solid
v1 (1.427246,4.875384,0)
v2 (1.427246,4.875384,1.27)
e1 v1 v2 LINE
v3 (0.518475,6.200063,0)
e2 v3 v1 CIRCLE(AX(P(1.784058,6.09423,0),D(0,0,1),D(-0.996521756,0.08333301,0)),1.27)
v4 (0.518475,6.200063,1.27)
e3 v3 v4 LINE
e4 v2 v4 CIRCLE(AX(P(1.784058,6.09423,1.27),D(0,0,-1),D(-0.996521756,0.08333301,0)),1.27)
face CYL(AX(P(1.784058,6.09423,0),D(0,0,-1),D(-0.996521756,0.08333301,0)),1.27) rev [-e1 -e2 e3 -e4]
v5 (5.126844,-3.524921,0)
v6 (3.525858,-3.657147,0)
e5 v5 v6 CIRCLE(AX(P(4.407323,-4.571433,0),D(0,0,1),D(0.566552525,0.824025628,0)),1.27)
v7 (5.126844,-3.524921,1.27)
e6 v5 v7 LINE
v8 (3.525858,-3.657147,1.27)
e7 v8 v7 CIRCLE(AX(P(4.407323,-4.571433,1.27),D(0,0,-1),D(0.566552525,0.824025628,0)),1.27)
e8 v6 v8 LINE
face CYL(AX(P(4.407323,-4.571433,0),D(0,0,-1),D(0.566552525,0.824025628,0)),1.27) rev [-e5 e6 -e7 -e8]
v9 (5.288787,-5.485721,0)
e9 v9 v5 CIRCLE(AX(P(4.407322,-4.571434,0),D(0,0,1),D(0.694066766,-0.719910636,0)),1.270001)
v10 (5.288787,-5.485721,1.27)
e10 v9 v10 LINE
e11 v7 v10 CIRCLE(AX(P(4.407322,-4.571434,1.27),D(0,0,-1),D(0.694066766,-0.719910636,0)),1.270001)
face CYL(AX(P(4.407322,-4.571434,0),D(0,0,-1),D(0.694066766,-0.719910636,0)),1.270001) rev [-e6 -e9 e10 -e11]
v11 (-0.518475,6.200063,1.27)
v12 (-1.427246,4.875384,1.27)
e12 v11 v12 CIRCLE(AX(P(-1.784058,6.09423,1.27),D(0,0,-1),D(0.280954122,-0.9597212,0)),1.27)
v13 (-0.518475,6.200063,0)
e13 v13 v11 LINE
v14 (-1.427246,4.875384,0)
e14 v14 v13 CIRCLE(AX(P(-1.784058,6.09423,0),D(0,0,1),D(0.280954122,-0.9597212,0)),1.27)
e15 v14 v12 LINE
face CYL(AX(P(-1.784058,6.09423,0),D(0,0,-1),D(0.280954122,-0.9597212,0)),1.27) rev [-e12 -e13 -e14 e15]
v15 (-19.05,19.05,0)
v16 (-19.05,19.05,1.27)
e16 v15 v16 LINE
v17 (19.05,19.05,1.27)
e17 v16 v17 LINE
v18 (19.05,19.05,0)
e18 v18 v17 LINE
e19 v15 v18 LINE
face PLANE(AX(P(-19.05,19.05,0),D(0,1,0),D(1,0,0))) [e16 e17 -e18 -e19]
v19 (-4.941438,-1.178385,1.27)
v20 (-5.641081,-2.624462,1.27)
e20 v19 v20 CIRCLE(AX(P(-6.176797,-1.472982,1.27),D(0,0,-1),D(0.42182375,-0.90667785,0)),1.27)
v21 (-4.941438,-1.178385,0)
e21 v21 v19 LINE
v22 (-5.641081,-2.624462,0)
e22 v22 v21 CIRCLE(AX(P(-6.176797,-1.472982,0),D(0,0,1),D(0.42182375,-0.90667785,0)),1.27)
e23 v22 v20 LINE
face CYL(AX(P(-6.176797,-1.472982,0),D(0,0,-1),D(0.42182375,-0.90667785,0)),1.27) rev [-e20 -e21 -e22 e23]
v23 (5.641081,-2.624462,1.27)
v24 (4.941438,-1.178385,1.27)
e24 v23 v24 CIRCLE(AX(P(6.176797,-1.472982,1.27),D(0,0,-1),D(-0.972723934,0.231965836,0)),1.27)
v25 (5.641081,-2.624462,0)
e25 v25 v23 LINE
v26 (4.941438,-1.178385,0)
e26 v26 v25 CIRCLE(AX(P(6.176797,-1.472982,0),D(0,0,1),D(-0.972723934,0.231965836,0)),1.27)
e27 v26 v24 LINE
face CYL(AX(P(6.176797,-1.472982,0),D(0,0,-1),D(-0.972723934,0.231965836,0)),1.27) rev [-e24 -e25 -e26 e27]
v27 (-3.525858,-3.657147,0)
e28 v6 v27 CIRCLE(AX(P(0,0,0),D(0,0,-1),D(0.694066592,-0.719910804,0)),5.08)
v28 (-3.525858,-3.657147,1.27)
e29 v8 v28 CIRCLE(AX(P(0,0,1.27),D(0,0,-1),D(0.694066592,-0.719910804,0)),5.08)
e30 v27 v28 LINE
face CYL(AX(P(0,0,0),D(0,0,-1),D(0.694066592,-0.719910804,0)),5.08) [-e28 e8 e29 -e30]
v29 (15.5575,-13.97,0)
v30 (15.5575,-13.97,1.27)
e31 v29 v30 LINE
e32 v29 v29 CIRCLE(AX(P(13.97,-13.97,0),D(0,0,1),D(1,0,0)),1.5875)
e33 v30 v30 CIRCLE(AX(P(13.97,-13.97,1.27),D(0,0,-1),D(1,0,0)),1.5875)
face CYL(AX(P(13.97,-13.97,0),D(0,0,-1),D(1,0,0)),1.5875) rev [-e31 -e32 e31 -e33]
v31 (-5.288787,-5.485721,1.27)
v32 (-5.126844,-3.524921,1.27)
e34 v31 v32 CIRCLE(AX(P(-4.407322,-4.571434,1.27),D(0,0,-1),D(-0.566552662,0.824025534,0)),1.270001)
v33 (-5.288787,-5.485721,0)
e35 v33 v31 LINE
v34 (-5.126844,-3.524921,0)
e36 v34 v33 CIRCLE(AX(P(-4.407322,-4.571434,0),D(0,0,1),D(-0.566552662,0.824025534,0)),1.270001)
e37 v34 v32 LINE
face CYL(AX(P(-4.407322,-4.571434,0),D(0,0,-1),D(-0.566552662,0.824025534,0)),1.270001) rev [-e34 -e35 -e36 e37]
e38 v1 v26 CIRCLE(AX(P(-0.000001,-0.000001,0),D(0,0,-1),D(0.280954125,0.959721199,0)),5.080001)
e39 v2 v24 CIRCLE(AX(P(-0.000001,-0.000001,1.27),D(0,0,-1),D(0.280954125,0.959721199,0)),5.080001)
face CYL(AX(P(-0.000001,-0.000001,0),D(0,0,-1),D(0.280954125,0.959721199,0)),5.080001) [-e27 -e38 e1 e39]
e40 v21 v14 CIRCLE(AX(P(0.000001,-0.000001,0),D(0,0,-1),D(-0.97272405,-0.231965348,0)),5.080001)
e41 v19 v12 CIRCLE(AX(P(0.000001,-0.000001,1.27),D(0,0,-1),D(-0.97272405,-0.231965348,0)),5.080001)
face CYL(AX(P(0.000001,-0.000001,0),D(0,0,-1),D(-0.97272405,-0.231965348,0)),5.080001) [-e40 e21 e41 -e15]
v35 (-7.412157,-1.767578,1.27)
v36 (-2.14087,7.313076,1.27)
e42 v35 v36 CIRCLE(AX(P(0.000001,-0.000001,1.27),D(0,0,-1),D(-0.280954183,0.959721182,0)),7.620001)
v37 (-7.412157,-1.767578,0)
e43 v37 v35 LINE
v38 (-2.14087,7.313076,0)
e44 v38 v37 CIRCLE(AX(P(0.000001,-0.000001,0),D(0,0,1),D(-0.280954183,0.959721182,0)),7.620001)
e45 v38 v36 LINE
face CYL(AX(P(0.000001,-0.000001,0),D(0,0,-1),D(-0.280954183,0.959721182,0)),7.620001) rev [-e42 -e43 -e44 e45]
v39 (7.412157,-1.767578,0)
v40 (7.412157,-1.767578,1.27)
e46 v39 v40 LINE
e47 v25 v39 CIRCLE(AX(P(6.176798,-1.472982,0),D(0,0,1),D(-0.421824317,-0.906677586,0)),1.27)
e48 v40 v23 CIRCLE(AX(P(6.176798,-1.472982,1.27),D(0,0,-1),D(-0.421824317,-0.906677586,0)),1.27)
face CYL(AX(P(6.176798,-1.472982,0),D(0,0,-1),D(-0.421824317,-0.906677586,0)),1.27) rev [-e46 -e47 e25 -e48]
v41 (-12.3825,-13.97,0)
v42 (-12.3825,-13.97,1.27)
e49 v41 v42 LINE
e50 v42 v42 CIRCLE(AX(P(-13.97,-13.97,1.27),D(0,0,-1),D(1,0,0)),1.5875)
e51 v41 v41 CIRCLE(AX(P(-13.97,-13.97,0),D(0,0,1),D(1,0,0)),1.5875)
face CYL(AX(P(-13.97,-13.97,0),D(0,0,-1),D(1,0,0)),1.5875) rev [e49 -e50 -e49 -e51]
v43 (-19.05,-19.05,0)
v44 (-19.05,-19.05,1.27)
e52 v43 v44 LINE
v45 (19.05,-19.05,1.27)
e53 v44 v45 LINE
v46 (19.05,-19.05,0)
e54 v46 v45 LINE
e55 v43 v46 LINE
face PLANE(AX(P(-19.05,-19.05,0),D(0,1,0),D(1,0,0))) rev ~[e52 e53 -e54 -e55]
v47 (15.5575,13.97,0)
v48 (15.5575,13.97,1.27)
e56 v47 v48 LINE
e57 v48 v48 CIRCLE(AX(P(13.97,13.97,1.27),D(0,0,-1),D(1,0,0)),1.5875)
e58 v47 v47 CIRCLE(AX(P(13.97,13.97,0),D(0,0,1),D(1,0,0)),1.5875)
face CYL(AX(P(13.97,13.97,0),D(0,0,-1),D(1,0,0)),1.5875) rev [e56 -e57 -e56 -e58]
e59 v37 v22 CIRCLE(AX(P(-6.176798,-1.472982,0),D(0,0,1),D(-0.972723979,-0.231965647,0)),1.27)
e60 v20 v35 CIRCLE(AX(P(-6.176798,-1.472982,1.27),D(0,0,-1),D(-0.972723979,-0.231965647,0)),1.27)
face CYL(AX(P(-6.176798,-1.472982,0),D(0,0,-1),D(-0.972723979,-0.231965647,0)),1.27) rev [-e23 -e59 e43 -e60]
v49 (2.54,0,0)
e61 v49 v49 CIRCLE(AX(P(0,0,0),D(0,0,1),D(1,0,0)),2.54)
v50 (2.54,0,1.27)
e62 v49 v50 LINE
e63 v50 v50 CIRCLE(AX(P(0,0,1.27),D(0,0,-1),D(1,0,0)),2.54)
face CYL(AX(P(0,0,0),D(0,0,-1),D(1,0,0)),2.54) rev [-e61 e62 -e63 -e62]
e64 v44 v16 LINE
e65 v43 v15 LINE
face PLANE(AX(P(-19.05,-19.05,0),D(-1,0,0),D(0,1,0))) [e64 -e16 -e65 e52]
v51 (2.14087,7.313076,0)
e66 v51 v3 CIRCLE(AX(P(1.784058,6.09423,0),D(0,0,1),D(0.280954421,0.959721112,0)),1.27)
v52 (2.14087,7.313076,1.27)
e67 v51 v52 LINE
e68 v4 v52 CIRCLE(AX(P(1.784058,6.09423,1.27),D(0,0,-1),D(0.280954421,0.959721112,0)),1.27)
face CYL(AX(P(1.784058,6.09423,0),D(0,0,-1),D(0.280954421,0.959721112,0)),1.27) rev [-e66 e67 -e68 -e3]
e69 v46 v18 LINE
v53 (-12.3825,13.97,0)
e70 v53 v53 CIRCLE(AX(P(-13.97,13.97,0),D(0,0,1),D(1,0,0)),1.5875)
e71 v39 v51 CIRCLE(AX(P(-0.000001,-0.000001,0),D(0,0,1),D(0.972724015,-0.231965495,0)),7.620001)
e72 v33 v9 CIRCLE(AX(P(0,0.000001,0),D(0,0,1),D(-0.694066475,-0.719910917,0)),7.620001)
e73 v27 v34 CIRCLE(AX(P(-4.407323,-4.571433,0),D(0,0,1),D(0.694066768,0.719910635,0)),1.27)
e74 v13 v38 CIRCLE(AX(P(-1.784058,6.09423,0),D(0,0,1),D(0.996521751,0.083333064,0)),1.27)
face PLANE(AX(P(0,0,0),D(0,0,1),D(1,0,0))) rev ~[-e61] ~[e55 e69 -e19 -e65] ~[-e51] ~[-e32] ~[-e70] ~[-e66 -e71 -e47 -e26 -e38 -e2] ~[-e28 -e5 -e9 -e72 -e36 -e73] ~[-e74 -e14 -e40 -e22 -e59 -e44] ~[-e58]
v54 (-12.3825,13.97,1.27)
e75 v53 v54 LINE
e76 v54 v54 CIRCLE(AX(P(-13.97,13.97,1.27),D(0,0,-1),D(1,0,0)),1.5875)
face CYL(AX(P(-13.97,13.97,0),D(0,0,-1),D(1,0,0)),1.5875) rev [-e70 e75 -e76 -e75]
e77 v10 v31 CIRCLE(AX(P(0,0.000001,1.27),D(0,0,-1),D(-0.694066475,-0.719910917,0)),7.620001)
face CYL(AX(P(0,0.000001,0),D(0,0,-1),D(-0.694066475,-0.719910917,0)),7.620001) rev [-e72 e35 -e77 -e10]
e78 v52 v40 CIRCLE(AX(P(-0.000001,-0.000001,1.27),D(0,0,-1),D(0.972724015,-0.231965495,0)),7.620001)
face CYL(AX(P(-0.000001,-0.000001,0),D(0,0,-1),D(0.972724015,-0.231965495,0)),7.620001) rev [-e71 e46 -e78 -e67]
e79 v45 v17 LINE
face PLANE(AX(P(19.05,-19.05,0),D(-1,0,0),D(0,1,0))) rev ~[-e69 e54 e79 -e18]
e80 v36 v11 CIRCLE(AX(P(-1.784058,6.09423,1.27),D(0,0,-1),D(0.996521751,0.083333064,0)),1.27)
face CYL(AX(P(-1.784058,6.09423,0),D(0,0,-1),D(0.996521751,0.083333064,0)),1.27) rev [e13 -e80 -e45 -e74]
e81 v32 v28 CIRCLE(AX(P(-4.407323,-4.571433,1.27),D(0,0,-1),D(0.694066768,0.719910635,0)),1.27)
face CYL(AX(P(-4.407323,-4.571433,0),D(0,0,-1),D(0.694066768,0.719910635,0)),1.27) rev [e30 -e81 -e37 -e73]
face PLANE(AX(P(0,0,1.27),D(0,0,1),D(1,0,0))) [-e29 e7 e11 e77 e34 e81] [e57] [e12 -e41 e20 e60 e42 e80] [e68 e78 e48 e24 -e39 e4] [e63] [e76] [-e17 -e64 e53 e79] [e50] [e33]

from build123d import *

# Parameters (mm, degrees)
F0_W     = 38.1
F0_H     = 38.1
F1_DEPTH = 1.27
F3_DEPTH = 25.4
F4_R     = 1.5875
F4_R_2   = 2.54
F5_DEPTH = 25.4


with BuildPart() as f1:
    # F0 (on Top) → F1 (new body)
    with BuildSketch(Plane.XY):
        Rectangle(F0_W, F0_H)
    extrude(amount=F1_DEPTH)

    # F2 (on Top) → F3 (cut)
    with BuildSketch(Plane.XY):
        with BuildLine():
            ThreePointArc((-0.518475, 6.200063), (-1.065611, 7.141481), (-2.14087, 7.313076))
            ThreePointArc((-2.14087, 7.313076), (-6.590117, 3.82554), (-7.412157, -1.767578))
            ThreePointArc((-7.412157, -1.767578), (-6.729914, -2.616206), (-5.641081, -2.624462))
            ThreePointArc((-5.641081, -2.624462), (-5.033573, -2.026098), (-4.941438, -1.178385))
            ThreePointArc((-4.941438, -1.178385), (-4.393411, 2.55036), (-1.427246, 4.875384))
            ThreePointArc((-1.427246, 4.875384), (-0.736807, 5.375783), (-0.518475, 6.200063))
        make_face()
        with BuildLine():
            ThreePointArc((5.641081, -2.624462), (6.729914, -2.616206), (7.412157, -1.767578))
            ThreePointArc((7.412157, -1.767578), (6.590117, 3.82554), (2.14087, 7.313076))
            ThreePointArc((2.14087, 7.313076), (1.065611, 7.141481), (0.518475, 6.200063))
            ThreePointArc((0.518475, 6.200063), (0.736807, 5.375783), (1.427246, 4.875384))
            ThreePointArc((1.427246, 4.875384), (4.393411, 2.55036), (4.941438, -1.178385))
            ThreePointArc((4.941438, -1.178385), (5.033573, -2.026098), (5.641081, -2.624462))
        make_face()
        with BuildLine():
            ThreePointArc((-5.126844, -3.524921), (-5.673013, -4.4669), (-5.288787, -5.485721))
            ThreePointArc((-5.288787, -5.485721), (0, -7.62), (5.288787, -5.485721))
            ThreePointArc((5.288787, -5.485721), (5.673013, -4.4669), (5.126844, -3.524921))
            ThreePointArc((5.126844, -3.524921), (4.302789, -3.305743), (3.525858, -3.657147))
            ThreePointArc((3.525858, -3.657147), (0, -5.08), (-3.525858, -3.657147))
            ThreePointArc((-3.525858, -3.657147), (-4.302789, -3.305743), (-5.126844, -3.524921))
        make_face()
    extrude(amount=F3_DEPTH, mode=Mode.SUBTRACT)

    # F4 (on Top) → F5 (cut)
    with BuildSketch(Plane.XY):
        with Locations((13.97, 13.97)):
            Circle(F4_R)
        with Locations((13.97, -13.97)):
            Circle(F4_R)
        with Locations((-13.97, -13.97)):
            Circle(F4_R)
        with Locations((-13.97, 13.97)):
            Circle(F4_R)
        Circle(F4_R_2)
    extrude(amount=F5_DEPTH, mode=Mode.SUBTRACT)


solid = f1.part
